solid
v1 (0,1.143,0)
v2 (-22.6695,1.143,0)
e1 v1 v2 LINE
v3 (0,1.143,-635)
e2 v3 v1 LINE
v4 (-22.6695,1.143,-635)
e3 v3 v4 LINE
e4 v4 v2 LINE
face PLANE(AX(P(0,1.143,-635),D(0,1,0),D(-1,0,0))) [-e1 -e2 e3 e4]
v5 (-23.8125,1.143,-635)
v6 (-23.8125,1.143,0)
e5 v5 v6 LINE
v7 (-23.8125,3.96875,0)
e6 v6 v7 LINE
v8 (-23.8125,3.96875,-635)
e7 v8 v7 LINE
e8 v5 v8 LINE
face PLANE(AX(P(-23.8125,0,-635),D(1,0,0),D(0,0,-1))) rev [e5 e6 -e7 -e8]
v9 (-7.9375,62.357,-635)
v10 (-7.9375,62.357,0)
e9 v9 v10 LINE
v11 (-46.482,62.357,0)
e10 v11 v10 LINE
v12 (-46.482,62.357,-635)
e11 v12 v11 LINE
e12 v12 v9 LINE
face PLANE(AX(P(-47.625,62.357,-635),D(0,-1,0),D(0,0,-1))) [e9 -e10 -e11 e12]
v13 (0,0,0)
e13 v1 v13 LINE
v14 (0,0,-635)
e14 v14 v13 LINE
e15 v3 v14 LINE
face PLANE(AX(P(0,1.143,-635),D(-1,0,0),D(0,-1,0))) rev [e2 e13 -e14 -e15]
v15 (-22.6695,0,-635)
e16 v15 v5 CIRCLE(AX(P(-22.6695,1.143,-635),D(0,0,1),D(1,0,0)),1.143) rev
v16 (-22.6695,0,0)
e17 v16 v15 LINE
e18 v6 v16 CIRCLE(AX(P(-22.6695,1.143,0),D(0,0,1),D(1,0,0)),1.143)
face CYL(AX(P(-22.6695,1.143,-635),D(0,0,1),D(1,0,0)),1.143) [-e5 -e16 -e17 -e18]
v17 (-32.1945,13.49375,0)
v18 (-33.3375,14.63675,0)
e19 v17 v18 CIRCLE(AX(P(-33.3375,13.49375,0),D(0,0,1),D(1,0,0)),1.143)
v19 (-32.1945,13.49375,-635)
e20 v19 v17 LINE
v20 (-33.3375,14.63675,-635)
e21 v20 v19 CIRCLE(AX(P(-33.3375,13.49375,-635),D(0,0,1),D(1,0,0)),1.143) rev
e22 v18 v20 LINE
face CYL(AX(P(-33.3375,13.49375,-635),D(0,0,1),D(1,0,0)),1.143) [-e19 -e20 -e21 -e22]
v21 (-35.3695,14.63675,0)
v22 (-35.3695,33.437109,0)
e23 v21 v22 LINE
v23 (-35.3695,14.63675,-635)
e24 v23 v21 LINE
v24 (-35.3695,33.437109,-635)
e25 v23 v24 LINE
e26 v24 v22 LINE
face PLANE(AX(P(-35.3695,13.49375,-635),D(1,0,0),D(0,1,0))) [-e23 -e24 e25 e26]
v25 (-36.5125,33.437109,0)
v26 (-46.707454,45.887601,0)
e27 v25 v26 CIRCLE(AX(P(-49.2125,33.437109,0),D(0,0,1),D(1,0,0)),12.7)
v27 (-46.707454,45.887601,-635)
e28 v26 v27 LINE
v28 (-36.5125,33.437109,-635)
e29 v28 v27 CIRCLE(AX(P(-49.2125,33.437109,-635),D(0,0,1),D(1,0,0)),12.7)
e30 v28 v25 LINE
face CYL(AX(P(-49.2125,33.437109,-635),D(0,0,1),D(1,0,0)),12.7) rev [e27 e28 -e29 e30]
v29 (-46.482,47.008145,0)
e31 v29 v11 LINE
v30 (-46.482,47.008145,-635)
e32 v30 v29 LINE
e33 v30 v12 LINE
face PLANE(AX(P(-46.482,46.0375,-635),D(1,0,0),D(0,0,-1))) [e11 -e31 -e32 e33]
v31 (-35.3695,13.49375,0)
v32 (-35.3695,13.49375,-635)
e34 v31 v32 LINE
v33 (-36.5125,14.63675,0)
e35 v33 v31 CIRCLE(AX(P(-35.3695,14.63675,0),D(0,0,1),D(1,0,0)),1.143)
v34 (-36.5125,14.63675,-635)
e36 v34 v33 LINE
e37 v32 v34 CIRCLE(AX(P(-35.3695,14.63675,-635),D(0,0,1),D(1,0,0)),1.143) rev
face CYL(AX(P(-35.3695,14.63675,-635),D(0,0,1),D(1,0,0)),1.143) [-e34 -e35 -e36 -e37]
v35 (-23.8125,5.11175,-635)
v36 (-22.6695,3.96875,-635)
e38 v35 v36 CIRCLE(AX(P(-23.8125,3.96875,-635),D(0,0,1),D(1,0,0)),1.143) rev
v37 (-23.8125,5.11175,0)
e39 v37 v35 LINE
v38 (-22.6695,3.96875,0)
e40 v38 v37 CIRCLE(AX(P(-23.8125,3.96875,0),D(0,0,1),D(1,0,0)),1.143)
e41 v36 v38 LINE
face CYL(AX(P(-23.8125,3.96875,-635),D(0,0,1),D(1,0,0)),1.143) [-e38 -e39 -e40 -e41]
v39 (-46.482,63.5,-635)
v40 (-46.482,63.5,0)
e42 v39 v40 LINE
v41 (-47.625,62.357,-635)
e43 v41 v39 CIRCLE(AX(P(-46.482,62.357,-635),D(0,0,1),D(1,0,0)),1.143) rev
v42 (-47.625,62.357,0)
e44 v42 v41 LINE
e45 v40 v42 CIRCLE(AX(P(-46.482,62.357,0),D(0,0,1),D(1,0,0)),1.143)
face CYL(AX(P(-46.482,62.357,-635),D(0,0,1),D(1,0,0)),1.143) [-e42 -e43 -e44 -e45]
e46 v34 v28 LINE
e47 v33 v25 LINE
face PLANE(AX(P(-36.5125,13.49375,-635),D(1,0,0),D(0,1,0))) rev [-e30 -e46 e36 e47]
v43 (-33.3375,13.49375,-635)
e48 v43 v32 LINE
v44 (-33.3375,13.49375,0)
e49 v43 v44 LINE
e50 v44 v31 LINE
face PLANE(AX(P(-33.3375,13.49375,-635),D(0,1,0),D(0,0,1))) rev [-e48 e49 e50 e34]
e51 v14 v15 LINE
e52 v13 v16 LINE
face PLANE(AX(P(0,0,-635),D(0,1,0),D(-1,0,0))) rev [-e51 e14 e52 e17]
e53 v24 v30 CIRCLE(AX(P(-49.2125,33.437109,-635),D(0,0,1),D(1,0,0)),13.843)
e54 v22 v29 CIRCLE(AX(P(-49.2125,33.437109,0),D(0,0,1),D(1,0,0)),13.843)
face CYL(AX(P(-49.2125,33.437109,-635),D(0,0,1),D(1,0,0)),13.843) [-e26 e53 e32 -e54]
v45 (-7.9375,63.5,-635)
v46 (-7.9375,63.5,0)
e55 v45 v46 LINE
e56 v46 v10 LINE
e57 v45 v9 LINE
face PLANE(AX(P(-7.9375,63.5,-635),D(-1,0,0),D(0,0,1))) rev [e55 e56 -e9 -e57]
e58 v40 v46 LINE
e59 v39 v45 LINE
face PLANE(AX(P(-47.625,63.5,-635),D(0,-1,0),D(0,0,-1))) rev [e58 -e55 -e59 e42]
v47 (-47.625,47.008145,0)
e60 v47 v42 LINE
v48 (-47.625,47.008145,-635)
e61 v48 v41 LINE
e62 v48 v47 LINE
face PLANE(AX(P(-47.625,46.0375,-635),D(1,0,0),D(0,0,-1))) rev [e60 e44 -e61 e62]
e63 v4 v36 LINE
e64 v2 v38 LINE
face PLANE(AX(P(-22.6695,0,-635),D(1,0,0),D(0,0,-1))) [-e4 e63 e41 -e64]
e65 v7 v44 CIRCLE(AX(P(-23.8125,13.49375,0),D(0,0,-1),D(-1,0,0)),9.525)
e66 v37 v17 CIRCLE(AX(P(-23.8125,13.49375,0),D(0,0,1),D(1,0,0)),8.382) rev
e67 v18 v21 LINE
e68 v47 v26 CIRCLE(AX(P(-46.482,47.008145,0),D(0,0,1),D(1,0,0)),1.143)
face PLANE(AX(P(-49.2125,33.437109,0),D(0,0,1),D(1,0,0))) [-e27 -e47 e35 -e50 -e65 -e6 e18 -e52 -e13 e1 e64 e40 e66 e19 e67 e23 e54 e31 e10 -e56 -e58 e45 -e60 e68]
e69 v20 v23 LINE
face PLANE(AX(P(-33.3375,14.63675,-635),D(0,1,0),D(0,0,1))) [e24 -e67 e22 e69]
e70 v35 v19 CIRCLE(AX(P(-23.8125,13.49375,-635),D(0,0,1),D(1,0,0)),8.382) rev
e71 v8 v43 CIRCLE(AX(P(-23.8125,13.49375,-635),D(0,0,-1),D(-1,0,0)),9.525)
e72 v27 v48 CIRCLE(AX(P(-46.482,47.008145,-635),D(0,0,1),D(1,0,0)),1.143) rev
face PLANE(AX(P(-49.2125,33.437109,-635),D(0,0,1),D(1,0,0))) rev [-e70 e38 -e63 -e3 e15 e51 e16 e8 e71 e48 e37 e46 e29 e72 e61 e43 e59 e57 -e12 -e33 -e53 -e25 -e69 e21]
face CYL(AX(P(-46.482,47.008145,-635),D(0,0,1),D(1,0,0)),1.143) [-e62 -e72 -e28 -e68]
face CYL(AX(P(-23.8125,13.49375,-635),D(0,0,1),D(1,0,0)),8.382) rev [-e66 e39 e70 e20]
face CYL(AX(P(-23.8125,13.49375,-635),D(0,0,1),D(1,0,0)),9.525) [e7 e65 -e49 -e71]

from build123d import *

# Parameters (mm, degrees)
EXTRUDE_THIN1_DEPTH = 635
FILLET1_R           = 1.143


with BuildPart() as part:
    # Sketch1 → Extrude-Thin1 (new body)
    with BuildSketch(Plane.XY):
        with BuildLine():
            Line((0, 0), (-23.8125, 0))
            Line((-23.8125, 0), (-23.8125, 3.96875))
            ThreePointArc((-23.8125, 3.96875), (-30.547692, 6.758558), (-33.3375, 13.49375))
            Line((-33.3375, 13.49375), (-36.5125, 13.49375))
            Line((-36.5125, 13.49375), (-36.5125, 33.437109))
            ThreePointArc((-36.5125, 33.437109), (-39.6875, 41.83737), (-47.625, 46.0375))
            Line((-47.625, 46.0375), (-47.625, 63.5))
            Line((-47.625, 63.5), (-7.9375, 63.5))
            Line((-7.9375, 63.5), (-7.9375, 62.357))
            Line((-7.9375, 62.357), (-46.482, 62.357))
            Line((-46.482, 62.357), (-46.482, 47.008145))
            ThreePointArc((-46.482, 47.008145), (-38.502062, 42.207239), (-35.3695, 33.437109))
            Line((-35.3695, 33.437109), (-35.3695, 14.63675))
            Line((-35.3695, 14.63675), (-32.116202, 14.63675))
            ThreePointArc((-32.116202, 14.63675), (-29.739469, 7.566781), (-22.6695, 5.190048))
            Line((-22.6695, 5.190048), (-22.6695, 1.143))
            Line((-22.6695, 1.143), (0, 1.143))
            Line((0, 1.143), (0, 0))
        make_face()
    extrude(amount=-EXTRUDE_THIN1_DEPTH)

    # Fillet1
    fillet1_edges = [part.edges().sort_by_distance(p)[0] for p in [
        (-32.116202, 14.63675, -317.5),
        (-22.6695, 5.190048, -317.5),
        (-23.8125, 0, -317.5),
        (-36.5125, 13.49375, -317.5),
        (-47.625, 46.0375, -317.5),
        (-47.625, 63.5, -317.5),
    ]]
    fillet(fillet1_edges, radius=FILLET1_R)


solid = part.part
